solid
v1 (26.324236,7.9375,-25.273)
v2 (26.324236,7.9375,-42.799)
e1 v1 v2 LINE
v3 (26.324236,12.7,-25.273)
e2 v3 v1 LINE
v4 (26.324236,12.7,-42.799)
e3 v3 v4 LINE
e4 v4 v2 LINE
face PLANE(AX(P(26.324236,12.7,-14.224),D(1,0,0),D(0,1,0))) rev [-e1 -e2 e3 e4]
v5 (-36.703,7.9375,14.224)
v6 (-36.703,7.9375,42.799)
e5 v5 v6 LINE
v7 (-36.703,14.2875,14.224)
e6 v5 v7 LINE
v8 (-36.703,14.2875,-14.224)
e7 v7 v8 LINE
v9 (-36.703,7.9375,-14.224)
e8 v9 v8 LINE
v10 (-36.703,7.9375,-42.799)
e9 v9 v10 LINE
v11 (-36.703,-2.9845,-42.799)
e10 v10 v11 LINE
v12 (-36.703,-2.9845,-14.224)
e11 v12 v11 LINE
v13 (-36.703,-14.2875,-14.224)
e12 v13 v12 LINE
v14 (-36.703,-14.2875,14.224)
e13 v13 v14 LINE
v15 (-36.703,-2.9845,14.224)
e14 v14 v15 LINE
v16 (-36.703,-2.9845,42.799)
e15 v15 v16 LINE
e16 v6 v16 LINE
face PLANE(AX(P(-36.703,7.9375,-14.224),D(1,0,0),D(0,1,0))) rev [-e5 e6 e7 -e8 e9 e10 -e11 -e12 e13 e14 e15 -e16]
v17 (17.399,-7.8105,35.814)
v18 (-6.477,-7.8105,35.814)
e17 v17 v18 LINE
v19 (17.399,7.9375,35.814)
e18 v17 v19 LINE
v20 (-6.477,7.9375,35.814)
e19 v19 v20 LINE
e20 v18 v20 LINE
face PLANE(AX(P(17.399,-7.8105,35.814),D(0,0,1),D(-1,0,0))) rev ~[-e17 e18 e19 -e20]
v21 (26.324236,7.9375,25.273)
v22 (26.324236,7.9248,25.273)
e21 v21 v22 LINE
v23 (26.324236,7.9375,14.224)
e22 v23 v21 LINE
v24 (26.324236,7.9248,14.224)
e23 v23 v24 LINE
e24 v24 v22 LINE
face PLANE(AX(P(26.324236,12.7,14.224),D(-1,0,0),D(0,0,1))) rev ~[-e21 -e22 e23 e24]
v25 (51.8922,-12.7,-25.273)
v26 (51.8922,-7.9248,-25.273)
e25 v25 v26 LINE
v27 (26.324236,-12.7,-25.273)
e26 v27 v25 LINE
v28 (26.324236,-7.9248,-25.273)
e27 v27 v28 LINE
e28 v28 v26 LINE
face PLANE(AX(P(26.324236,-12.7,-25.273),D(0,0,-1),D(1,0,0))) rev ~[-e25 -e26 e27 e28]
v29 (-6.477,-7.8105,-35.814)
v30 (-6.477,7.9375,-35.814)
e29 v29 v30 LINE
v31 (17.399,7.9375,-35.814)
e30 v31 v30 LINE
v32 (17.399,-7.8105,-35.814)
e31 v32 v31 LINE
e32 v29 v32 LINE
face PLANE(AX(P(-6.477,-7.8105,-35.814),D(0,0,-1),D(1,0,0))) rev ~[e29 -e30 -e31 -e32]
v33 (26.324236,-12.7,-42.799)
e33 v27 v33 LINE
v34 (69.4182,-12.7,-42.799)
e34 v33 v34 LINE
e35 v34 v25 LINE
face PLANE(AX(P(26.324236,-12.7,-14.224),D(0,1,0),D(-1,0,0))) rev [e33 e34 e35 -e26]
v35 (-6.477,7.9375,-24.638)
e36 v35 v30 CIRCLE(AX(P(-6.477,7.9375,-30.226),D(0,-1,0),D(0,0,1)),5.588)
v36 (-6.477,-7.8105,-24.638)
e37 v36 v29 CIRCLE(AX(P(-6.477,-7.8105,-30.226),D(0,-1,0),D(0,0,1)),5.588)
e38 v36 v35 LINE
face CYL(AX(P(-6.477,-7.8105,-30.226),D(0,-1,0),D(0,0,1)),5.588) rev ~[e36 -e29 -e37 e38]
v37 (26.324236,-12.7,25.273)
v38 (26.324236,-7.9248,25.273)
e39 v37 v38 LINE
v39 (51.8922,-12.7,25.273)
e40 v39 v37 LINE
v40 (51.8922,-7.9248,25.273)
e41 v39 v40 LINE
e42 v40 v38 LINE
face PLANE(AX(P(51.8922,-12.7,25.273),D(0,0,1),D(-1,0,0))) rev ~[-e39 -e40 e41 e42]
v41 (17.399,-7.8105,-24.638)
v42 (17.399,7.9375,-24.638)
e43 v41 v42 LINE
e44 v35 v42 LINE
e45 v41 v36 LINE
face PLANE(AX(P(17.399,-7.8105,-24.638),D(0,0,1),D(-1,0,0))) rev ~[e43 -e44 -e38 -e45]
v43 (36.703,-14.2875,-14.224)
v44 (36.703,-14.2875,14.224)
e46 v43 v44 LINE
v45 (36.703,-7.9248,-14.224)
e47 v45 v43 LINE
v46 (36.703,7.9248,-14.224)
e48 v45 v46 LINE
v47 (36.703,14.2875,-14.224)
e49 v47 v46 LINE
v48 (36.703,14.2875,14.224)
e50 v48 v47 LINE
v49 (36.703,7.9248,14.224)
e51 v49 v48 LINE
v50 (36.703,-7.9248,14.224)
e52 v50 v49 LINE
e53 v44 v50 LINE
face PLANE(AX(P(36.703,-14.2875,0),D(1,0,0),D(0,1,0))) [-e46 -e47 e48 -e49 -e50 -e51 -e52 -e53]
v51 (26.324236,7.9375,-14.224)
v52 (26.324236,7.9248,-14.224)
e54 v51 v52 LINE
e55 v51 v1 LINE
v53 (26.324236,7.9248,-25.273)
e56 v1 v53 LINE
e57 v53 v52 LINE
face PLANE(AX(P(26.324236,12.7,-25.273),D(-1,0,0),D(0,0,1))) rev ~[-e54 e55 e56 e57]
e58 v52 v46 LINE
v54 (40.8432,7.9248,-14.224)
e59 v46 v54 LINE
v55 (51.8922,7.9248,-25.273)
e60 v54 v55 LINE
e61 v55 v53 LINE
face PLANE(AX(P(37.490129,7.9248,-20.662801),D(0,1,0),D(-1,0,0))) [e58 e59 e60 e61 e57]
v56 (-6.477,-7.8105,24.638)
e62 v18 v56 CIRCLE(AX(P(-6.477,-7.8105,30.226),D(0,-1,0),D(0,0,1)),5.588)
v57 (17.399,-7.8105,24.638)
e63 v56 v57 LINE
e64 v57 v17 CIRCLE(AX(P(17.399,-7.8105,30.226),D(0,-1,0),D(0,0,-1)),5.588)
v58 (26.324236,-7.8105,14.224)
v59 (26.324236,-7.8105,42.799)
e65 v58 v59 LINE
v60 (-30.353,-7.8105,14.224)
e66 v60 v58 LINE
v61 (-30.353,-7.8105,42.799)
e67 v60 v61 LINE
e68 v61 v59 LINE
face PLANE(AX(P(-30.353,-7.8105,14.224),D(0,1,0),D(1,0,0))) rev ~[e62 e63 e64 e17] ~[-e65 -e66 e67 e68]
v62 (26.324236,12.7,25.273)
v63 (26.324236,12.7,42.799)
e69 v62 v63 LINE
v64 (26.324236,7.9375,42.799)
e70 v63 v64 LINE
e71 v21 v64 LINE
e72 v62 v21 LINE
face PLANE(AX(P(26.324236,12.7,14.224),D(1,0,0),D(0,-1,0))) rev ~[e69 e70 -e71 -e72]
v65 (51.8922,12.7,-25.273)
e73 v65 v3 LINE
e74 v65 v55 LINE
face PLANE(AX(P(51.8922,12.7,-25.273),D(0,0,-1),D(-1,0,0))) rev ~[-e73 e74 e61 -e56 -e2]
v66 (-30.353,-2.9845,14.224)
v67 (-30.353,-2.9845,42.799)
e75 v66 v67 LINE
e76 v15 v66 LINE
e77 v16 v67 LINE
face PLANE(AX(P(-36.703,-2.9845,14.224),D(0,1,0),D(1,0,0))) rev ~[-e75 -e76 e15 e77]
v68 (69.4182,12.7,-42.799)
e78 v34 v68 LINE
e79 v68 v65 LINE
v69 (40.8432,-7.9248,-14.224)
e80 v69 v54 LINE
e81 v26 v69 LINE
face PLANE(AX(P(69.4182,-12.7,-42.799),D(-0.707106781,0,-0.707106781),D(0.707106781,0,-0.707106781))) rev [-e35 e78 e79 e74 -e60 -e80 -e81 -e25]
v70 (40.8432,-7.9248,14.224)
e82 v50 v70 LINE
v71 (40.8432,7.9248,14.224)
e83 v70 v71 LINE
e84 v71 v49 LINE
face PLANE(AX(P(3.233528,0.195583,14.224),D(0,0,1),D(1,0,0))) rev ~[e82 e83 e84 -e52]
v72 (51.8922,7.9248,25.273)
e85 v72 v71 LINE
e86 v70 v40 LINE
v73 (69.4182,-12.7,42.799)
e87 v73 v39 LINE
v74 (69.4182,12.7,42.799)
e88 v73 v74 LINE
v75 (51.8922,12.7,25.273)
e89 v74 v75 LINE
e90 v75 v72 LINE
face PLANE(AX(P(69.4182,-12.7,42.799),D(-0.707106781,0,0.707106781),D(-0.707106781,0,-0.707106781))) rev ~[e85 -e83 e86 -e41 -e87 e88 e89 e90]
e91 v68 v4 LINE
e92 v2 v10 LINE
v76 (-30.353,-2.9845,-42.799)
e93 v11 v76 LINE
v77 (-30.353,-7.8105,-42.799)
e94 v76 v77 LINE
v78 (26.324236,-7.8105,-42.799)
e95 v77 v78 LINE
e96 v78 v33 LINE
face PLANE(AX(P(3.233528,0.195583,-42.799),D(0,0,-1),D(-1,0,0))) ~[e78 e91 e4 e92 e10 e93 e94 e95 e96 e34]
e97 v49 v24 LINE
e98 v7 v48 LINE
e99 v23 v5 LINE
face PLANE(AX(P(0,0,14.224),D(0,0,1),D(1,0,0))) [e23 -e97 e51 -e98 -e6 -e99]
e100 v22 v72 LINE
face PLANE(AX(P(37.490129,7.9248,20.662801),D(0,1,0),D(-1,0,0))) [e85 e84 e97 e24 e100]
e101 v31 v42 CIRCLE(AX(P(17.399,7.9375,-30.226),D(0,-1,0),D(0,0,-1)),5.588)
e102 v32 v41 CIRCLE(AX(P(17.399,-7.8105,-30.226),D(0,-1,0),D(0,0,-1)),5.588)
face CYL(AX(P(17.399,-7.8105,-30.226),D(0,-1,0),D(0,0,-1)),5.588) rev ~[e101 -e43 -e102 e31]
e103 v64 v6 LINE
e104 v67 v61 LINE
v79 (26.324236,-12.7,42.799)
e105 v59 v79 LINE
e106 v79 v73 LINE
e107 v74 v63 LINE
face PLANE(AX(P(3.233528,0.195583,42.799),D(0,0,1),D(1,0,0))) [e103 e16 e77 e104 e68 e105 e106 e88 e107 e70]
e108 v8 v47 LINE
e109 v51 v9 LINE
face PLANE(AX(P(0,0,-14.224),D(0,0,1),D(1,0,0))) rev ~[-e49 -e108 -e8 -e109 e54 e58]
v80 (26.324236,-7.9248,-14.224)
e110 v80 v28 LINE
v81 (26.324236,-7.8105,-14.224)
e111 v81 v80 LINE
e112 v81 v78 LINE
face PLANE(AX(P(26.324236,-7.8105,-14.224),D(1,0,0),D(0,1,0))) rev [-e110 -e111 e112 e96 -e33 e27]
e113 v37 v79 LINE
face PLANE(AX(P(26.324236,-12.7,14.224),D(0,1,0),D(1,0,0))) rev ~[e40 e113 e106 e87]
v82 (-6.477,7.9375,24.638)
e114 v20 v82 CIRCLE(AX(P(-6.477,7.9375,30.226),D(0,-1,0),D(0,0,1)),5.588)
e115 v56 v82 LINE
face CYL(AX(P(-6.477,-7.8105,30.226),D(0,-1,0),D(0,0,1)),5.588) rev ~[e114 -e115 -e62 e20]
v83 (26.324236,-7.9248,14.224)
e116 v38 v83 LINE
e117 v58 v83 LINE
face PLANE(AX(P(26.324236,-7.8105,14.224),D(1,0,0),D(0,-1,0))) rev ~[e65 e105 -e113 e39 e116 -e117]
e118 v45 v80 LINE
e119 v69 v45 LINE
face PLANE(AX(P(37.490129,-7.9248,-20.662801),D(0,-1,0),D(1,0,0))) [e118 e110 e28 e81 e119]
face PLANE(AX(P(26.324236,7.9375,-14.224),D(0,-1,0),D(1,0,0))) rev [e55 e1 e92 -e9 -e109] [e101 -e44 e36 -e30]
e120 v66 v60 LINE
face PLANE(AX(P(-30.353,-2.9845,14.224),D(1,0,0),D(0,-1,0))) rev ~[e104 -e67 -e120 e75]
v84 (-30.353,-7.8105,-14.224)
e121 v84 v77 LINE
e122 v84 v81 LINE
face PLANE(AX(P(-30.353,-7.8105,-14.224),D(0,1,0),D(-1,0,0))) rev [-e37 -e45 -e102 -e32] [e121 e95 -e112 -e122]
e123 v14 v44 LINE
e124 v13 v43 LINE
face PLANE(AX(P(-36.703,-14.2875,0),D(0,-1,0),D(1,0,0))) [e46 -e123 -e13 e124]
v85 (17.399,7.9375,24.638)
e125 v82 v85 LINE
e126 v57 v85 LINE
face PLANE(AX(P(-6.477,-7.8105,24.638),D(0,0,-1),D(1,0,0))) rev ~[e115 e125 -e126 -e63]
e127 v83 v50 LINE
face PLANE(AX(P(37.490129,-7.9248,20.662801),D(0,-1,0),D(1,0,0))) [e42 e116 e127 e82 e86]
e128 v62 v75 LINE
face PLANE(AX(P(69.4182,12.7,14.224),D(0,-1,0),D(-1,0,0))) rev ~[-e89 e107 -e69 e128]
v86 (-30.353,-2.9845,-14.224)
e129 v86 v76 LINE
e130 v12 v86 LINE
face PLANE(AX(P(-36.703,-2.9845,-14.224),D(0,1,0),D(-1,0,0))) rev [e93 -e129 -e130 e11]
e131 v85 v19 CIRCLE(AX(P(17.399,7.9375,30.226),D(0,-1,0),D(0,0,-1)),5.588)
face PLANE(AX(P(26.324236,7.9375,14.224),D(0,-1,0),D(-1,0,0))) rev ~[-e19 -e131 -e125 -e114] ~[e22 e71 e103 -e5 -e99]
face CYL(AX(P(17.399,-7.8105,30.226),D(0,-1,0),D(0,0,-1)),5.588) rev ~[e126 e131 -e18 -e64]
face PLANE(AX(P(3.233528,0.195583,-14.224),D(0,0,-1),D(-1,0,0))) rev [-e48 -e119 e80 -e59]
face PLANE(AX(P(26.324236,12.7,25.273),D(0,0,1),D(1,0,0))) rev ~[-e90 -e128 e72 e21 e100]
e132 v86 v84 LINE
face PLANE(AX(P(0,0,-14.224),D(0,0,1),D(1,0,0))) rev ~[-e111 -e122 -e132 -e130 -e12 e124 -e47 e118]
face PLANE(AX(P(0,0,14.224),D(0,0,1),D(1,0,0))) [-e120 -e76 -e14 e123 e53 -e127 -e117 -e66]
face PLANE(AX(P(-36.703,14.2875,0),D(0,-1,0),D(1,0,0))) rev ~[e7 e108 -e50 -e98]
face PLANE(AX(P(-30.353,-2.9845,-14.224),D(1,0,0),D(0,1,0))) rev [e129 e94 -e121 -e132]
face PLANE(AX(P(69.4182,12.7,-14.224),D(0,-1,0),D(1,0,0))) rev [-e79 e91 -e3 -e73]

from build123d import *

# Parameters (mm, degrees)
F0_W      = 73.406
F0_H      = 28.575
F1_DEPTH  = 14.224
F3_DEPTH  = 28.575
F5_DEPTH  = 127
F9_DEPTH  = 4.7752
F11_DEPTH = 4.7752
F13_DEPTH = 4.7752
F15_DEPTH = 25.4


with BuildPart() as f1:
    # F0 (on Top) → F1 (new body, symmetric)
    with BuildSketch(Plane.XY):
        Rectangle(F0_W, F0_H)
    extrude(amount=F1_DEPTH, both=True)

    # F2 (on face) → F3 (join)
    with BuildSketch(Plane.XY.offset(14.224)):
        Polygon((26.32423571, 7.9375), (-36.703, 7.9375), (-36.703, -2.9845), (-30.353, -2.9845), (-30.353, -7.8105), (26.32423571, -7.8105), (26.32423571, -12.7), (36.703, -12.7), (36.703, 12.7), (26.32423571, 12.7), align=None)
        Polygon((69.4182, 12.7), (36.703, 12.7), (36.703, -12.7), (69.4182, -12.7), (69.4182, 0), align=None)
    extrude(amount=F3_DEPTH)

    # F4 (on face) → F5 (cut)
    with BuildSketch(Plane.XZ.offset(12.7)):
        Polygon((69.4182, 14.224), (69.4182, 42.799), (40.8432, 14.224), align=None)
    extrude(amount=-F5_DEPTH, mode=Mode.SUBTRACT)

    # F6: F1 across plane


with BuildPart() as f1_1:
    add(f1.part)
    add(f1.part.mirror(Plane.XY))

    # F7 (on face) + F8 (on face) → F9 (cut)
    with BuildSketch(Plane.XZ.offset(12.7)):
        Polygon((51.8922, 25.273), (32.893, 25.273), (26.32423571, 25.273), (26.32423571, 14.224), (36.703, 14.224), (40.8432, 14.224), align=None)
    with BuildSketch(Plane.XZ.offset(12.7)):
        Polygon((26.32423571, -14.224), (26.32423571, -25.273), (51.8922, -25.273), (40.8432, -14.224), (36.703, -14.224), align=None)
    extrude(amount=-F9_DEPTH, mode=Mode.SUBTRACT)

    # F10 (on face) → F11 (cut)
    with BuildSketch(Plane(origin=(0, 12.7, 0), x_dir=(-1, 0, 0), z_dir=(0, 1, 0))):
        Polygon((-40.8432, -14.224), (-51.8922, -25.273), (-26.32423571, -25.273), (-26.32423571, -14.224), (-36.703, -14.224), align=None)
    extrude(amount=-F11_DEPTH, mode=Mode.SUBTRACT)

    # F12 (on face) → F13 (cut)
    with BuildSketch(Plane(origin=(0, 12.7, 0), x_dir=(-1, 0, 0), z_dir=(0, 1, 0))):
        Polygon((-26.32423571, 25.273), (-51.8922, 25.273), (-40.8432, 14.224), (-36.703, 14.224), (-26.32423571, 14.224), align=None)
    extrude(amount=-F13_DEPTH, mode=Mode.SUBTRACT)

    # F14 (on face) → F15 (cut)
    with BuildSketch(Plane.XZ.offset(7.8105)):
        with BuildLine():
            Line((17.399, 35.814), (-6.477, 35.814))
            ThreePointArc((-6.477, 35.814), (-12.065, 30.226), (-6.477, 24.638))
            Line((-6.477, 24.638), (17.399, 24.638))
            ThreePointArc((17.399, 24.638), (22.987, 30.226), (17.399, 35.814))
        make_face()
        with BuildLine():
            Line((17.399, -24.638), (-6.477, -24.638))
            ThreePointArc((-6.477, -24.638), (-12.065, -30.226), (-6.477, -35.814))
            Line((-6.477, -35.814), (17.399, -35.814))
            ThreePointArc((17.399, -35.814), (22.987, -30.226), (17.399, -24.638))
        make_face()
    extrude(amount=-F15_DEPTH, mode=Mode.SUBTRACT)


solid = f1_1.part
